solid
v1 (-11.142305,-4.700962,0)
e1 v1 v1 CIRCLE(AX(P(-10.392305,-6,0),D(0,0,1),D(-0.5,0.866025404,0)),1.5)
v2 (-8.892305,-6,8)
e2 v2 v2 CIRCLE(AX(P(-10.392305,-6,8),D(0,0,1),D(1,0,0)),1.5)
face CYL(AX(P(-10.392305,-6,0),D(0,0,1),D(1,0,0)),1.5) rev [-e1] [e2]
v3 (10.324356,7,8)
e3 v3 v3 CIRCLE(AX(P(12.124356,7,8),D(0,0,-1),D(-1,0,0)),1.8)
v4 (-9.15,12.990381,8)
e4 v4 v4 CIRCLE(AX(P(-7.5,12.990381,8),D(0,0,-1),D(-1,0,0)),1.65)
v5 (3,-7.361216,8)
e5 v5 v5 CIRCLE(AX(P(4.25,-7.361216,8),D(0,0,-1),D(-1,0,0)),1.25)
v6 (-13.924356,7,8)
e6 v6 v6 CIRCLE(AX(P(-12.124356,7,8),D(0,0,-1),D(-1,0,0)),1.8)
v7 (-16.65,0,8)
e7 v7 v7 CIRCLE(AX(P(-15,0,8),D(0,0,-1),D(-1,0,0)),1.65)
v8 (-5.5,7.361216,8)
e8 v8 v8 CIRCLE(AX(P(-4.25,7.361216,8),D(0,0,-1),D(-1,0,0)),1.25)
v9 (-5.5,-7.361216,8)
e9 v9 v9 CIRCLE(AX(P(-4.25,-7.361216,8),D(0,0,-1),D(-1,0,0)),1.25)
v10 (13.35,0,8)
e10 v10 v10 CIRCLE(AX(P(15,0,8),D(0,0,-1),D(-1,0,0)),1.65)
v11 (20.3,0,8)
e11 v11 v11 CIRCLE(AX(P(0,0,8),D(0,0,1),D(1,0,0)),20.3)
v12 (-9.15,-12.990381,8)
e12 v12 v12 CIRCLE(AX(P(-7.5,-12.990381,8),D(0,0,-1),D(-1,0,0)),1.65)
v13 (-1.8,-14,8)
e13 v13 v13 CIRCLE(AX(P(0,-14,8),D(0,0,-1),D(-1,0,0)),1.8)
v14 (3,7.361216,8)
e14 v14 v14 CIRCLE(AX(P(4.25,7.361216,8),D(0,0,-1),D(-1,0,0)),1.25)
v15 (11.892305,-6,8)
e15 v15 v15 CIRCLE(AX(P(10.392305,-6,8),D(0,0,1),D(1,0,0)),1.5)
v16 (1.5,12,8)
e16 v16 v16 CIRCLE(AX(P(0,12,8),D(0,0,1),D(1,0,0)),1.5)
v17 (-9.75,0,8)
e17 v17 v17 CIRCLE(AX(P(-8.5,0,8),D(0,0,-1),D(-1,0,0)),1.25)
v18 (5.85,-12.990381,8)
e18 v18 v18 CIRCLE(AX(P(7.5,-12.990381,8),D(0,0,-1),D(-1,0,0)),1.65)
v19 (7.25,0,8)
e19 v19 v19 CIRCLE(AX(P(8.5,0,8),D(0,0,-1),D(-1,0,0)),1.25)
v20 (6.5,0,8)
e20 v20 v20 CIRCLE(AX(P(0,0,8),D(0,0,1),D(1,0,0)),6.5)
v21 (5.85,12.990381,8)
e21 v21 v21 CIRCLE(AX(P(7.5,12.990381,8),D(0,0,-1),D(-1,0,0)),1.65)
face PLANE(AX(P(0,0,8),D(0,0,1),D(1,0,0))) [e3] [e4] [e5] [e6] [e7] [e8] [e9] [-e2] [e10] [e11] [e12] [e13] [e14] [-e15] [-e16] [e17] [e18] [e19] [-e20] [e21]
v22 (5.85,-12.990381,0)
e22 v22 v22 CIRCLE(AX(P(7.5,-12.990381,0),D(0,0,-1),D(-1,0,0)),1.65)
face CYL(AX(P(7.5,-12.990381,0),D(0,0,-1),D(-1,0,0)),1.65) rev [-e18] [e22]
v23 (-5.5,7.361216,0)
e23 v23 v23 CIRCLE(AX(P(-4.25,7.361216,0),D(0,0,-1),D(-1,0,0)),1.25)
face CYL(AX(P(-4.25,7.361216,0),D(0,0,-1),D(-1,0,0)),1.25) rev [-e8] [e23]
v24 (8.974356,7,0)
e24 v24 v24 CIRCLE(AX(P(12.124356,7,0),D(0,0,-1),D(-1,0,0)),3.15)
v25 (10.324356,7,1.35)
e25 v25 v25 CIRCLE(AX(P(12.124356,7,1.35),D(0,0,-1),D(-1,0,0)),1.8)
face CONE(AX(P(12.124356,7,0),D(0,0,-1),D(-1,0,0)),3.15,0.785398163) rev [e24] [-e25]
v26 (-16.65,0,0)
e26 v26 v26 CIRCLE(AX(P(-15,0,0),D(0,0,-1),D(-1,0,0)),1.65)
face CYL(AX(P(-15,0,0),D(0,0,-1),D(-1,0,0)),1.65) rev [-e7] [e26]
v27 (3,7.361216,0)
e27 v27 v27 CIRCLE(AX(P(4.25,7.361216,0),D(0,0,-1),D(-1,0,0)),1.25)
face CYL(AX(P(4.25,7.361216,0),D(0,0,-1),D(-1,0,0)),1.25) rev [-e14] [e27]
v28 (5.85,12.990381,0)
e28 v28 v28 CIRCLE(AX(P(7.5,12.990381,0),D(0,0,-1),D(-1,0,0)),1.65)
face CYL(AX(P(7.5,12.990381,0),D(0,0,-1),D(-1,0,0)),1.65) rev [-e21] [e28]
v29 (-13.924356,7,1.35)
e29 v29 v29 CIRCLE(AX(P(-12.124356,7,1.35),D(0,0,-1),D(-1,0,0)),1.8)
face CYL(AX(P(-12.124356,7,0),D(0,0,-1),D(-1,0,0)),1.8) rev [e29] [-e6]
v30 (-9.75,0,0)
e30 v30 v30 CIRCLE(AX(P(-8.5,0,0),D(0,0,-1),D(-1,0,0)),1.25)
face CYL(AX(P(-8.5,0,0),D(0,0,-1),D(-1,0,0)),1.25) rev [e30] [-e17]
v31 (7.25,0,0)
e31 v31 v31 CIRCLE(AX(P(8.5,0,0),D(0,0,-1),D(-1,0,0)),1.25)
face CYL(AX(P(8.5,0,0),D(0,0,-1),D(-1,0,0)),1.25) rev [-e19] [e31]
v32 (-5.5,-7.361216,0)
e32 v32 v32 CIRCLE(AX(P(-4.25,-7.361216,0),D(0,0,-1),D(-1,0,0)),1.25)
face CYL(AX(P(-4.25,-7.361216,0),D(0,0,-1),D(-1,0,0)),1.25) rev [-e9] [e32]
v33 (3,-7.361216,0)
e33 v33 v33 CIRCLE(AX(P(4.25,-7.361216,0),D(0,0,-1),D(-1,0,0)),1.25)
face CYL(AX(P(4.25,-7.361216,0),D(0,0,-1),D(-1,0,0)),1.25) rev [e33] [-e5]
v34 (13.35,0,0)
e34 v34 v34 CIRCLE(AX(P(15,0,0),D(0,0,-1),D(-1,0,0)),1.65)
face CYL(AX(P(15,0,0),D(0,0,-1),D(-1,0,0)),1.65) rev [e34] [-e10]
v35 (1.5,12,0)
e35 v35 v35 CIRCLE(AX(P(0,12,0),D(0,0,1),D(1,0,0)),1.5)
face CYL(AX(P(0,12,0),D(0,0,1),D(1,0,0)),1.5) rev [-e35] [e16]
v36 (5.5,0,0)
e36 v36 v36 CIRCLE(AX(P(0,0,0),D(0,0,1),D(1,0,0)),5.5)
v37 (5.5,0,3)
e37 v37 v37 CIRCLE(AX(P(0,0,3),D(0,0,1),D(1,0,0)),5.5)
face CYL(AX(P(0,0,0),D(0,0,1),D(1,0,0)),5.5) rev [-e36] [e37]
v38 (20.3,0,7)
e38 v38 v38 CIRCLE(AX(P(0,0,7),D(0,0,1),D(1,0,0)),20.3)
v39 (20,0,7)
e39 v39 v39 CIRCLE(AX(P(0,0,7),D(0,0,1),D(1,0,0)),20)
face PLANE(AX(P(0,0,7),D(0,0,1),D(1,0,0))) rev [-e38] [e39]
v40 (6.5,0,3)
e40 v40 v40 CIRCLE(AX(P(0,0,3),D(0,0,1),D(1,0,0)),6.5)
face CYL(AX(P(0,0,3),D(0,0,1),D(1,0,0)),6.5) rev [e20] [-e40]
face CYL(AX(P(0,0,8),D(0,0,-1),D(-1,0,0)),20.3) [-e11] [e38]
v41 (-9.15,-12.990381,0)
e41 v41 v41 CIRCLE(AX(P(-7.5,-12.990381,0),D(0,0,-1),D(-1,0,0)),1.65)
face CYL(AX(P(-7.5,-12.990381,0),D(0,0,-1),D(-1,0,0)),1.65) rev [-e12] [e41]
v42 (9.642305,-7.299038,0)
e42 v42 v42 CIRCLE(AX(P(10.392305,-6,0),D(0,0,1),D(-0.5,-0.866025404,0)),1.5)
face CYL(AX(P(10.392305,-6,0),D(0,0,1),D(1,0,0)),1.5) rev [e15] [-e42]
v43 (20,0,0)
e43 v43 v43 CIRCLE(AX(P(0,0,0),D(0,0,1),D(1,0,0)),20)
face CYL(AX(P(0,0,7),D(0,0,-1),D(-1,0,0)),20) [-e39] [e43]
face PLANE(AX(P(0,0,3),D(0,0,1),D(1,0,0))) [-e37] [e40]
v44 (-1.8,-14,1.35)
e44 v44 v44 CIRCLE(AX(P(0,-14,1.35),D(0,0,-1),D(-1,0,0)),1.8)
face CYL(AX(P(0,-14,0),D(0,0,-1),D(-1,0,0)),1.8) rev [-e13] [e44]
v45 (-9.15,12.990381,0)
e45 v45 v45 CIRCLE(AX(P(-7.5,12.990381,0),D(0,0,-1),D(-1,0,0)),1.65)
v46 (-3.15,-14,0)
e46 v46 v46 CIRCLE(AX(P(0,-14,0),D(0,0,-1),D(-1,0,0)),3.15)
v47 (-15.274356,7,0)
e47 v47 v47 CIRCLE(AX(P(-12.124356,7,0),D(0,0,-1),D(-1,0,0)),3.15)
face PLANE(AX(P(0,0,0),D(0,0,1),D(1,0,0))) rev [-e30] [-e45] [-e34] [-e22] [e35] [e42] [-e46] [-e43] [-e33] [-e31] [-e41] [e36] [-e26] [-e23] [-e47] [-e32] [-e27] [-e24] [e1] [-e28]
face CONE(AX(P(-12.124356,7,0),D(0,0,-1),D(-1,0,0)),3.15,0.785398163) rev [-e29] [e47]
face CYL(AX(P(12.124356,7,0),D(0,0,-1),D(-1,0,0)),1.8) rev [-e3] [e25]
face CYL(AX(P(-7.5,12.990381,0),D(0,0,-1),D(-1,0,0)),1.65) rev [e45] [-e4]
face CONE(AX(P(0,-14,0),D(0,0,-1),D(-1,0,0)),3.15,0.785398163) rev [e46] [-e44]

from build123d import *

# Parameters (mm, degrees)
SKETCH_1_R                   = 20
EXTRUDE_1_DEPTH              = 7
SKETCH_2_R                   = 20.3
EXTRUDE_2_DEPTH              = 1
SKETCH_3_R                   = 6.5
CUT_EXTRUDE_1_DEPTH          = 5
SKETCH_4_R                   = 5.5
CUT_EXTRUDE_2_DEPTH          = 4
CUT_EXTRUDE_START            = -9
SKETCH_5_R                   = 1.5
CUT_EXTRUDE_3_DEPTH          = 10
PATTERN_CIRCULAR_1_COUNT     = 3
HOLE_WIZARD_M3_1_D           = 3.6
HOLE_WIZARD_M3_1_CSINK_D     = 6.3
HOLE_WIZARD_M3_1_CSINK_ANGLE = 90
PATTERN_CIRCULAR_2_COUNT     = 3
M4X0_7_1_D                   = 3.3
M3X0_5_1_D                   = 2.5
PATTERN_CIRCULAR_3_COUNT     = 6


with BuildPart() as part:
    # ｽｹｯﾁ1 → ﾎﾞｽ - 押し出し1 (new body)
    with BuildSketch(Plane.XY):
        Circle(SKETCH_1_R)
    extrude(amount=EXTRUDE_1_DEPTH)

    # ｽｹｯﾁ2 → ﾎﾞｽ - 押し出し2 (add)
    with BuildSketch(Plane.XY.offset(7)):
        Circle(SKETCH_2_R)
    extrude(amount=EXTRUDE_2_DEPTH)

    # ｽｹｯﾁ3 → ｶｯﾄ - 押し出し1 (cut)
    with BuildSketch(Plane.XY.offset(8)):
        Circle(SKETCH_3_R)
    extrude(amount=-CUT_EXTRUDE_1_DEPTH, mode=Mode.SUBTRACT)

    # ｽｹｯﾁ4 → ｶｯﾄ - 押し出し2 (cut, through all)
    with BuildSketch(Plane.XY.offset(3)):
        Circle(SKETCH_4_R)
    extrude(amount=-CUT_EXTRUDE_2_DEPTH, mode=Mode.SUBTRACT)

    # ｽｹｯﾁ5 → ｶｯﾄ - 押し出し3 (cut)
    with BuildSketch(Plane.XY.offset(8).offset(CUT_EXTRUDE_START)):
        with Locations((0, 12)):
            Circle(SKETCH_5_R)
    cut_extrude_3 = extrude(amount=CUT_EXTRUDE_3_DEPTH, mode=Mode.SUBTRACT)

    # 円形ﾊﾟﾀｰﾝ1: ｶｯﾄ - 押し出し3 ×3 about axis
    pattern_circular_1_axis = Axis((0, 0, 0), (0, 0, 1))
    for i in range(1, PATTERN_CIRCULAR_1_COUNT):
        add(cut_extrude_3.rotate(pattern_circular_1_axis, i * 360 / PATTERN_CIRCULAR_1_COUNT), mode=Mode.SUBTRACT)

    # M3 平皿頭ねじ用皿穴1 (through all)
    with Locations(Plane(origin=(0, 0, 0), x_dir=(-1, 0, 0), z_dir=(0, 0, -1))):
        with Locations((0, -14)):
            hole_wizard_m3_1 = CounterSinkHole(HOLE_WIZARD_M3_1_D / 2, HOLE_WIZARD_M3_1_CSINK_D / 2, counter_sink_angle=HOLE_WIZARD_M3_1_CSINK_ANGLE)

    # 円形ﾊﾟﾀｰﾝ2: M3 平皿頭ねじ用皿穴1 ×3 about axis
    pattern_circular_2_axis = Axis((0, 0, 0), (0, 0, 1))
    for i in range(1, PATTERN_CIRCULAR_2_COUNT):
        add(hole_wizard_m3_1.rotate(pattern_circular_2_axis, i * 360 / PATTERN_CIRCULAR_2_COUNT), mode=Mode.SUBTRACT)

    # M4x0.7 ねじ穴1 (through all)
    with Locations(Plane(origin=(0, 0, 0), x_dir=(-1, 0, 0), z_dir=(0, 0, -1))):
        with Locations((15, 0)):
            m4x0_7_1 = Hole(M4X0_7_1_D / 2)

    # M3x0.5 ねじ穴1 (through all)
    with Locations(Plane(origin=(0, 0, 0), x_dir=(-1, 0, 0), z_dir=(0, 0, -1))):
        with Locations((8.5, 0)):
            m3x0_5_1 = Hole(M3X0_5_1_D / 2)

    # 円形ﾊﾟﾀｰﾝ3: M4x0.7 ねじ穴1, M3x0.5 ねじ穴1 ×6 about axis
    pattern_circular_3_axis = Axis((0, 0, 0), (0, 0, 1))
    for i in range(1, PATTERN_CIRCULAR_3_COUNT):
        add(m4x0_7_1.rotate(pattern_circular_3_axis, i * 360 / PATTERN_CIRCULAR_3_COUNT), mode=Mode.SUBTRACT)
        add(m3x0_5_1.rotate(pattern_circular_3_axis, i * 360 / PATTERN_CIRCULAR_3_COUNT), mode=Mode.SUBTRACT)


solid = part.part
